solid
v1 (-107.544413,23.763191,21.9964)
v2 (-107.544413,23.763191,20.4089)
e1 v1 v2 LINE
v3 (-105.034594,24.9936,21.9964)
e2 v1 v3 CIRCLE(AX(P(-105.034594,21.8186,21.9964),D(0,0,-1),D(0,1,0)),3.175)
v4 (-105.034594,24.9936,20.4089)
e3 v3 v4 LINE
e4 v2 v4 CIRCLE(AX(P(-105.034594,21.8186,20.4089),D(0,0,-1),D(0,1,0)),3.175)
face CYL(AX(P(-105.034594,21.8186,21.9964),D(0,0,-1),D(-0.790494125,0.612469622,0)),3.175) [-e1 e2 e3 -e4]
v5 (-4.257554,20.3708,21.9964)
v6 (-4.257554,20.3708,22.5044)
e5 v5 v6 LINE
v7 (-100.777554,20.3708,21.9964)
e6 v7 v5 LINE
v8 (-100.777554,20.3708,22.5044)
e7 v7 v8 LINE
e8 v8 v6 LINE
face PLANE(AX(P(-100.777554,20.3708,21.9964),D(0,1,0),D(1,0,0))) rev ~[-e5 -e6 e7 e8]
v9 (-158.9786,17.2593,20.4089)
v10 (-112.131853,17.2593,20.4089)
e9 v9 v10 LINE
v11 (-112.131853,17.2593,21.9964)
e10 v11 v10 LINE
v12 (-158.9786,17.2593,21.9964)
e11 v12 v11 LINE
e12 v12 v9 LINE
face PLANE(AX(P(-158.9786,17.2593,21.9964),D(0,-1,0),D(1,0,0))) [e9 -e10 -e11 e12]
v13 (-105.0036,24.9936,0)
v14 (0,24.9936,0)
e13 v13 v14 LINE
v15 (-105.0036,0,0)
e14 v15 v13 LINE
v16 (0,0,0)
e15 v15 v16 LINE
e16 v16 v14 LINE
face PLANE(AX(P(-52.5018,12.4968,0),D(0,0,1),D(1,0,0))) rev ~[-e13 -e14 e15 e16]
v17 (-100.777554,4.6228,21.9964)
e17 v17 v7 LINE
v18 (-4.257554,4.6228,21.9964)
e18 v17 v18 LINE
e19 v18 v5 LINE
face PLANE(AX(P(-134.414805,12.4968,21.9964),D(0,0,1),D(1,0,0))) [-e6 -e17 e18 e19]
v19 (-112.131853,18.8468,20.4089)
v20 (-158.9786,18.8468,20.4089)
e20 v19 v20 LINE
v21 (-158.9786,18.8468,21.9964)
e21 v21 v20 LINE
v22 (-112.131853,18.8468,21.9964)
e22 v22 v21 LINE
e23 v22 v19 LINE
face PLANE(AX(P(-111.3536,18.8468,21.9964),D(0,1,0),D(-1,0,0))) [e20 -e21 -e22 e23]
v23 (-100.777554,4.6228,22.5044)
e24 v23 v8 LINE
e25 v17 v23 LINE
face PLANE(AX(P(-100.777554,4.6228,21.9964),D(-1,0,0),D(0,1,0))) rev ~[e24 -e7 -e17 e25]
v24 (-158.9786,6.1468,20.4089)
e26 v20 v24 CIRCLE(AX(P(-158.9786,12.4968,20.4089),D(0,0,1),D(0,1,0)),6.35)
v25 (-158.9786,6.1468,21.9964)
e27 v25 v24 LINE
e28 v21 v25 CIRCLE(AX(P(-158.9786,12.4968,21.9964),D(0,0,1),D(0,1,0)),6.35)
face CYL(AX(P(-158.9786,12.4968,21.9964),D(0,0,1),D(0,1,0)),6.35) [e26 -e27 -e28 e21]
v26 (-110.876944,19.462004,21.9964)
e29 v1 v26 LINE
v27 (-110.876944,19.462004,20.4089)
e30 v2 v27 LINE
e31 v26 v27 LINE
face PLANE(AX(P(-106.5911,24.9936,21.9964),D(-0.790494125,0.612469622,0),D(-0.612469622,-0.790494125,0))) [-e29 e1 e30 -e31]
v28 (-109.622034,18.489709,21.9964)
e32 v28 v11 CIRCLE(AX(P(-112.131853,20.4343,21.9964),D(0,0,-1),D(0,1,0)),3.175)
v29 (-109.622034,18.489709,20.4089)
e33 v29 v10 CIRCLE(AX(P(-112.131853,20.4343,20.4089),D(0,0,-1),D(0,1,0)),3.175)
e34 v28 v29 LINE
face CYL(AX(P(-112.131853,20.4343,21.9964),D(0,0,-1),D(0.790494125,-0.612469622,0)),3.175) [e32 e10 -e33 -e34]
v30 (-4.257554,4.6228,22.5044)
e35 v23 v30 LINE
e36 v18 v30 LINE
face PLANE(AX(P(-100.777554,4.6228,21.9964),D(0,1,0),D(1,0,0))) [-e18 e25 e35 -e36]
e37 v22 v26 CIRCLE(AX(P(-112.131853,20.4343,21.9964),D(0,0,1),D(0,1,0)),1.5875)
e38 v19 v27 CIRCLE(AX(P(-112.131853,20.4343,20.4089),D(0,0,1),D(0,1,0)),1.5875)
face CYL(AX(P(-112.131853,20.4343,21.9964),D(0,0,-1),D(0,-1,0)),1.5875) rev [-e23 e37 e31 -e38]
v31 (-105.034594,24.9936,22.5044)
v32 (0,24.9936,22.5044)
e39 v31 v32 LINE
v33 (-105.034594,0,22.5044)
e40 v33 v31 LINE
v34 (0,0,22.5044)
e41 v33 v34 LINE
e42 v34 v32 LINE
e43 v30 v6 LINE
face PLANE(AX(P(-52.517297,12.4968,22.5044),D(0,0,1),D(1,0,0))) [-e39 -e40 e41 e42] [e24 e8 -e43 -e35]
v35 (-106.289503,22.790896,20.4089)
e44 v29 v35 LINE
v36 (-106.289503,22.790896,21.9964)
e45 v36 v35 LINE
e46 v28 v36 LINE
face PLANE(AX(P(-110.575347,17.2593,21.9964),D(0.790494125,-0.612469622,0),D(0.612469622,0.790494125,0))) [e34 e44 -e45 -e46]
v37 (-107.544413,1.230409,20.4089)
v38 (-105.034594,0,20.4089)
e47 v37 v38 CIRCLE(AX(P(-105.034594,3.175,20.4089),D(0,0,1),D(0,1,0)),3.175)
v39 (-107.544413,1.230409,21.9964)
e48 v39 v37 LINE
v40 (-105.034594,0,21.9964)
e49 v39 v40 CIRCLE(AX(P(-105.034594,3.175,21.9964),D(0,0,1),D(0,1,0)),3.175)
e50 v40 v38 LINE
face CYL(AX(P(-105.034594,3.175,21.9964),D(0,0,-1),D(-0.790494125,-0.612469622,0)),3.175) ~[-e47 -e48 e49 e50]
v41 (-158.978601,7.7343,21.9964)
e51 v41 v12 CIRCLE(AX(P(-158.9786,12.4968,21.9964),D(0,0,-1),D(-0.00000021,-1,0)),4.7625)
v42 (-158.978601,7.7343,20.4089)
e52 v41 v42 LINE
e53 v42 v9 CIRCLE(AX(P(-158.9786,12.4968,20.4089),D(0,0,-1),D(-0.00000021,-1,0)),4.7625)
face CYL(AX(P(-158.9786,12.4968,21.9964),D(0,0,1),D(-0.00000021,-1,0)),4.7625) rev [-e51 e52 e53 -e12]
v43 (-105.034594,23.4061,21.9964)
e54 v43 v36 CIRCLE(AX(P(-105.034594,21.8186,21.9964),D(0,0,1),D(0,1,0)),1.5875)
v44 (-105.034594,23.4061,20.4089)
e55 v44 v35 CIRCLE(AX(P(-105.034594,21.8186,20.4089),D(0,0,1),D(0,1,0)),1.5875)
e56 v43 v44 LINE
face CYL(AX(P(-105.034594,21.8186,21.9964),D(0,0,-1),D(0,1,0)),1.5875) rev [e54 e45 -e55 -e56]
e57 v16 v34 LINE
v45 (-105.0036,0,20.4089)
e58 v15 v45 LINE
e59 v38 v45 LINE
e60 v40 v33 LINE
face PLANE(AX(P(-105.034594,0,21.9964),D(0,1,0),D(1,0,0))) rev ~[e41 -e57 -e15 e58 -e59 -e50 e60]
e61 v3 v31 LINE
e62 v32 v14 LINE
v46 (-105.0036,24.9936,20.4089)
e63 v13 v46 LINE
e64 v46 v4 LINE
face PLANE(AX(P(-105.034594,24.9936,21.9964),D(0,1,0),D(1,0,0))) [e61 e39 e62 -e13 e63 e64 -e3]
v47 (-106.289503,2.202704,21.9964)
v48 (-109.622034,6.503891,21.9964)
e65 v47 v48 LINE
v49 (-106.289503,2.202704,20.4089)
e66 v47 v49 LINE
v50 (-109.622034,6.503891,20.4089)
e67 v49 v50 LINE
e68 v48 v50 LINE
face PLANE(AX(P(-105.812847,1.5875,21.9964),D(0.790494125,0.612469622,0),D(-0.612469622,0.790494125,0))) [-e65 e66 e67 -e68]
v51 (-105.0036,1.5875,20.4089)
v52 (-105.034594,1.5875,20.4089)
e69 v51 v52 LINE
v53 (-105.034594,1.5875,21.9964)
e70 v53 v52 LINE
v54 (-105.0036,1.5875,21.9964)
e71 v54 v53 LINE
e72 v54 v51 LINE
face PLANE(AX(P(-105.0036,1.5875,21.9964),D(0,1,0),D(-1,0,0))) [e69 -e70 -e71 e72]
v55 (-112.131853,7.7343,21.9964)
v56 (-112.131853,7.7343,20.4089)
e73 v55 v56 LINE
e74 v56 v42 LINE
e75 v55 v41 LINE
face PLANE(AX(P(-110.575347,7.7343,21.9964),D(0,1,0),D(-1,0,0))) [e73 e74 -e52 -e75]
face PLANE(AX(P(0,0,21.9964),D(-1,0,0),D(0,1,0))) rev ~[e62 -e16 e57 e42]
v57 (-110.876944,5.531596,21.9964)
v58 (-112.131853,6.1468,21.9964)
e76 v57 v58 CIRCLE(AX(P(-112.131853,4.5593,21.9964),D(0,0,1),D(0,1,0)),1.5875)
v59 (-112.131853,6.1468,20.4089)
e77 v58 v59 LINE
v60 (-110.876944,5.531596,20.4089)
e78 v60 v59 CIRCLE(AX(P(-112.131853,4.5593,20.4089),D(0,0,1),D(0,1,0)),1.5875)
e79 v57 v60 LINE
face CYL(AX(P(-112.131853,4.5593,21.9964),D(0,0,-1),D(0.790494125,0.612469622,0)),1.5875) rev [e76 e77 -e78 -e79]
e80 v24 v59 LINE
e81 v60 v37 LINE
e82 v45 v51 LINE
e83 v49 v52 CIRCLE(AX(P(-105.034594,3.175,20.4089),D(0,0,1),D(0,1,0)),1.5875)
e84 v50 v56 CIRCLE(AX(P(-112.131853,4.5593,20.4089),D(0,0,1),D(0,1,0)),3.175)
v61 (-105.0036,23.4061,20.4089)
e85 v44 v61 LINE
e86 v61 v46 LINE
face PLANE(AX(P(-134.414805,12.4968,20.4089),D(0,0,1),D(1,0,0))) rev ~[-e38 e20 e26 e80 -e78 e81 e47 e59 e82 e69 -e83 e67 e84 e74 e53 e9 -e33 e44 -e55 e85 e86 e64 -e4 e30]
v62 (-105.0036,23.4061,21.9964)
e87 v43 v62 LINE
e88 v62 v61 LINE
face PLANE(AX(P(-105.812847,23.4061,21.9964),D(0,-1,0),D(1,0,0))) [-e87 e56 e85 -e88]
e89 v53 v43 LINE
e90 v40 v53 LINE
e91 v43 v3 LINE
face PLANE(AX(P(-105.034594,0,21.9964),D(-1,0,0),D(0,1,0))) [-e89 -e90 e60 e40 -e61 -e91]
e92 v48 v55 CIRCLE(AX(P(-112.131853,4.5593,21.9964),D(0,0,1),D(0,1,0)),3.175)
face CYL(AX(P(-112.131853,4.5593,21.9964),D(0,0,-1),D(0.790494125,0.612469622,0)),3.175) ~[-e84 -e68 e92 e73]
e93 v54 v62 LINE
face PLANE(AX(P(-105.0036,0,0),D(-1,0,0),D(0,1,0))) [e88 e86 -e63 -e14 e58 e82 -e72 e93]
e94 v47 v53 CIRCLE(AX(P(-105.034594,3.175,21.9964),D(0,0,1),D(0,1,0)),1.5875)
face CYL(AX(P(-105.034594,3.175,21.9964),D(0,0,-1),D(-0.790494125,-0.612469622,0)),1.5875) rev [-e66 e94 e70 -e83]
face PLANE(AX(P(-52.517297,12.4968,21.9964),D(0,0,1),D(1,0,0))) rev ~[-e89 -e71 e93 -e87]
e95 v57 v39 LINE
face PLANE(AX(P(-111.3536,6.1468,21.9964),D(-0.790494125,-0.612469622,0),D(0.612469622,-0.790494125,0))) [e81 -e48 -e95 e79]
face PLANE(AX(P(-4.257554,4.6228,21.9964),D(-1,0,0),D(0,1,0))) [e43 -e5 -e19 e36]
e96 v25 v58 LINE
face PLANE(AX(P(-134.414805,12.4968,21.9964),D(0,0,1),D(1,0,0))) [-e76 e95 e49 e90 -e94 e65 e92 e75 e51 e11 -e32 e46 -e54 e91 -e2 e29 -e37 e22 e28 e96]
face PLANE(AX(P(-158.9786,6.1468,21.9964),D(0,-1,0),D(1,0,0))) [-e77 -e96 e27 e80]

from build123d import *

# Parameters (mm, degrees)
F0_W     = 105.0036
F0_H     = 24.9936
F1_DEPTH = 21.9964
F3_DEPTH = 1.5875
F4_R     = 1.5875
F5_R     = 3.175
F6_W     = 105.034594
F6_H     = 24.9936
F6_W_2   = 96.52
F6_H_2   = 15.748
F7_DEPTH = 0.508


with BuildPart() as f1:
    # F0 (on Top) → F1 (new body)
    with BuildSketch(Plane.XY):
        with Locations((-52.5018, 12.4968)):
            Rectangle(F0_W, F0_H)
    extrude(amount=F1_DEPTH)

    # F2 (on face) → F3 (join)
    with BuildSketch(Plane.XY.offset(21.9964)):
        with BuildLine():
            Line((-111.3536, 18.8468), (-158.9786, 18.8468))
            ThreePointArc((-158.9786, 18.8468), (-165.3286, 12.4968), (-158.9786, 6.1468))
            Line((-158.9786, 6.1468), (-111.3536, 6.1468))
            Line((-111.3536, 6.1468), (-106.5911, 0))
            Line((-106.5911, 0), (-105.0036, 0))
            Line((-105.0036, 0), (-105.0036, 1.5875))
            Line((-105.0036, 1.5875), (-105.812847, 1.5875))
            Line((-105.812847, 1.5875), (-110.575347, 7.7343))
            Line((-110.575347, 7.7343), (-158.978601, 7.7343))
            ThreePointArc((-158.978601, 7.7343), (-163.7411, 12.4968), (-158.9786, 17.2593))
            Line((-158.9786, 17.2593), (-110.575347, 17.2593))
            Line((-110.575347, 17.2593), (-105.812847, 23.4061))
            Line((-105.812847, 23.4061), (-105.0036, 23.4061))
            Line((-105.0036, 23.4061), (-105.0036, 24.9936))
            Line((-105.0036, 24.9936), (-106.5911, 24.9936))
            Line((-106.5911, 24.9936), (-111.3536, 18.8468))
        make_face()
    extrude(amount=-F3_DEPTH)

    # F4
    f4_edges = [f1.edges().sort_by_distance(p)[0] for p in [
        (-111.3536, 18.8468, 21.20265),
        (-105.812847, 23.4061, 21.20265),
        (-111.3536, 6.1468, 21.20265),
        (-105.812847, 1.5875, 21.20265),
    ]]
    fillet(f4_edges, radius=F4_R)

    # F5
    f5_edges = [f1.edges().sort_by_distance(p)[0] for p in [
        (-110.575347, 7.7343, 21.20265),
        (-106.5911, 24.9936, 21.20265),
        (-110.575347, 17.2593, 21.20265),
        (-106.5911, 0, 21.20265),
    ]]
    fillet(f5_edges, radius=F5_R)

    # F6 (on face) → F7 (join)
    with BuildSketch(Plane.XY.offset(21.9964)):
        with Locations((-52.517297, 12.4968)):
            Rectangle(F6_W, F6_H)
        with Locations((-52.517554, 12.4968)):
            Rectangle(F6_W_2, F6_H_2, mode=Mode.SUBTRACT)
    extrude(amount=F7_DEPTH)


solid = f1.part
